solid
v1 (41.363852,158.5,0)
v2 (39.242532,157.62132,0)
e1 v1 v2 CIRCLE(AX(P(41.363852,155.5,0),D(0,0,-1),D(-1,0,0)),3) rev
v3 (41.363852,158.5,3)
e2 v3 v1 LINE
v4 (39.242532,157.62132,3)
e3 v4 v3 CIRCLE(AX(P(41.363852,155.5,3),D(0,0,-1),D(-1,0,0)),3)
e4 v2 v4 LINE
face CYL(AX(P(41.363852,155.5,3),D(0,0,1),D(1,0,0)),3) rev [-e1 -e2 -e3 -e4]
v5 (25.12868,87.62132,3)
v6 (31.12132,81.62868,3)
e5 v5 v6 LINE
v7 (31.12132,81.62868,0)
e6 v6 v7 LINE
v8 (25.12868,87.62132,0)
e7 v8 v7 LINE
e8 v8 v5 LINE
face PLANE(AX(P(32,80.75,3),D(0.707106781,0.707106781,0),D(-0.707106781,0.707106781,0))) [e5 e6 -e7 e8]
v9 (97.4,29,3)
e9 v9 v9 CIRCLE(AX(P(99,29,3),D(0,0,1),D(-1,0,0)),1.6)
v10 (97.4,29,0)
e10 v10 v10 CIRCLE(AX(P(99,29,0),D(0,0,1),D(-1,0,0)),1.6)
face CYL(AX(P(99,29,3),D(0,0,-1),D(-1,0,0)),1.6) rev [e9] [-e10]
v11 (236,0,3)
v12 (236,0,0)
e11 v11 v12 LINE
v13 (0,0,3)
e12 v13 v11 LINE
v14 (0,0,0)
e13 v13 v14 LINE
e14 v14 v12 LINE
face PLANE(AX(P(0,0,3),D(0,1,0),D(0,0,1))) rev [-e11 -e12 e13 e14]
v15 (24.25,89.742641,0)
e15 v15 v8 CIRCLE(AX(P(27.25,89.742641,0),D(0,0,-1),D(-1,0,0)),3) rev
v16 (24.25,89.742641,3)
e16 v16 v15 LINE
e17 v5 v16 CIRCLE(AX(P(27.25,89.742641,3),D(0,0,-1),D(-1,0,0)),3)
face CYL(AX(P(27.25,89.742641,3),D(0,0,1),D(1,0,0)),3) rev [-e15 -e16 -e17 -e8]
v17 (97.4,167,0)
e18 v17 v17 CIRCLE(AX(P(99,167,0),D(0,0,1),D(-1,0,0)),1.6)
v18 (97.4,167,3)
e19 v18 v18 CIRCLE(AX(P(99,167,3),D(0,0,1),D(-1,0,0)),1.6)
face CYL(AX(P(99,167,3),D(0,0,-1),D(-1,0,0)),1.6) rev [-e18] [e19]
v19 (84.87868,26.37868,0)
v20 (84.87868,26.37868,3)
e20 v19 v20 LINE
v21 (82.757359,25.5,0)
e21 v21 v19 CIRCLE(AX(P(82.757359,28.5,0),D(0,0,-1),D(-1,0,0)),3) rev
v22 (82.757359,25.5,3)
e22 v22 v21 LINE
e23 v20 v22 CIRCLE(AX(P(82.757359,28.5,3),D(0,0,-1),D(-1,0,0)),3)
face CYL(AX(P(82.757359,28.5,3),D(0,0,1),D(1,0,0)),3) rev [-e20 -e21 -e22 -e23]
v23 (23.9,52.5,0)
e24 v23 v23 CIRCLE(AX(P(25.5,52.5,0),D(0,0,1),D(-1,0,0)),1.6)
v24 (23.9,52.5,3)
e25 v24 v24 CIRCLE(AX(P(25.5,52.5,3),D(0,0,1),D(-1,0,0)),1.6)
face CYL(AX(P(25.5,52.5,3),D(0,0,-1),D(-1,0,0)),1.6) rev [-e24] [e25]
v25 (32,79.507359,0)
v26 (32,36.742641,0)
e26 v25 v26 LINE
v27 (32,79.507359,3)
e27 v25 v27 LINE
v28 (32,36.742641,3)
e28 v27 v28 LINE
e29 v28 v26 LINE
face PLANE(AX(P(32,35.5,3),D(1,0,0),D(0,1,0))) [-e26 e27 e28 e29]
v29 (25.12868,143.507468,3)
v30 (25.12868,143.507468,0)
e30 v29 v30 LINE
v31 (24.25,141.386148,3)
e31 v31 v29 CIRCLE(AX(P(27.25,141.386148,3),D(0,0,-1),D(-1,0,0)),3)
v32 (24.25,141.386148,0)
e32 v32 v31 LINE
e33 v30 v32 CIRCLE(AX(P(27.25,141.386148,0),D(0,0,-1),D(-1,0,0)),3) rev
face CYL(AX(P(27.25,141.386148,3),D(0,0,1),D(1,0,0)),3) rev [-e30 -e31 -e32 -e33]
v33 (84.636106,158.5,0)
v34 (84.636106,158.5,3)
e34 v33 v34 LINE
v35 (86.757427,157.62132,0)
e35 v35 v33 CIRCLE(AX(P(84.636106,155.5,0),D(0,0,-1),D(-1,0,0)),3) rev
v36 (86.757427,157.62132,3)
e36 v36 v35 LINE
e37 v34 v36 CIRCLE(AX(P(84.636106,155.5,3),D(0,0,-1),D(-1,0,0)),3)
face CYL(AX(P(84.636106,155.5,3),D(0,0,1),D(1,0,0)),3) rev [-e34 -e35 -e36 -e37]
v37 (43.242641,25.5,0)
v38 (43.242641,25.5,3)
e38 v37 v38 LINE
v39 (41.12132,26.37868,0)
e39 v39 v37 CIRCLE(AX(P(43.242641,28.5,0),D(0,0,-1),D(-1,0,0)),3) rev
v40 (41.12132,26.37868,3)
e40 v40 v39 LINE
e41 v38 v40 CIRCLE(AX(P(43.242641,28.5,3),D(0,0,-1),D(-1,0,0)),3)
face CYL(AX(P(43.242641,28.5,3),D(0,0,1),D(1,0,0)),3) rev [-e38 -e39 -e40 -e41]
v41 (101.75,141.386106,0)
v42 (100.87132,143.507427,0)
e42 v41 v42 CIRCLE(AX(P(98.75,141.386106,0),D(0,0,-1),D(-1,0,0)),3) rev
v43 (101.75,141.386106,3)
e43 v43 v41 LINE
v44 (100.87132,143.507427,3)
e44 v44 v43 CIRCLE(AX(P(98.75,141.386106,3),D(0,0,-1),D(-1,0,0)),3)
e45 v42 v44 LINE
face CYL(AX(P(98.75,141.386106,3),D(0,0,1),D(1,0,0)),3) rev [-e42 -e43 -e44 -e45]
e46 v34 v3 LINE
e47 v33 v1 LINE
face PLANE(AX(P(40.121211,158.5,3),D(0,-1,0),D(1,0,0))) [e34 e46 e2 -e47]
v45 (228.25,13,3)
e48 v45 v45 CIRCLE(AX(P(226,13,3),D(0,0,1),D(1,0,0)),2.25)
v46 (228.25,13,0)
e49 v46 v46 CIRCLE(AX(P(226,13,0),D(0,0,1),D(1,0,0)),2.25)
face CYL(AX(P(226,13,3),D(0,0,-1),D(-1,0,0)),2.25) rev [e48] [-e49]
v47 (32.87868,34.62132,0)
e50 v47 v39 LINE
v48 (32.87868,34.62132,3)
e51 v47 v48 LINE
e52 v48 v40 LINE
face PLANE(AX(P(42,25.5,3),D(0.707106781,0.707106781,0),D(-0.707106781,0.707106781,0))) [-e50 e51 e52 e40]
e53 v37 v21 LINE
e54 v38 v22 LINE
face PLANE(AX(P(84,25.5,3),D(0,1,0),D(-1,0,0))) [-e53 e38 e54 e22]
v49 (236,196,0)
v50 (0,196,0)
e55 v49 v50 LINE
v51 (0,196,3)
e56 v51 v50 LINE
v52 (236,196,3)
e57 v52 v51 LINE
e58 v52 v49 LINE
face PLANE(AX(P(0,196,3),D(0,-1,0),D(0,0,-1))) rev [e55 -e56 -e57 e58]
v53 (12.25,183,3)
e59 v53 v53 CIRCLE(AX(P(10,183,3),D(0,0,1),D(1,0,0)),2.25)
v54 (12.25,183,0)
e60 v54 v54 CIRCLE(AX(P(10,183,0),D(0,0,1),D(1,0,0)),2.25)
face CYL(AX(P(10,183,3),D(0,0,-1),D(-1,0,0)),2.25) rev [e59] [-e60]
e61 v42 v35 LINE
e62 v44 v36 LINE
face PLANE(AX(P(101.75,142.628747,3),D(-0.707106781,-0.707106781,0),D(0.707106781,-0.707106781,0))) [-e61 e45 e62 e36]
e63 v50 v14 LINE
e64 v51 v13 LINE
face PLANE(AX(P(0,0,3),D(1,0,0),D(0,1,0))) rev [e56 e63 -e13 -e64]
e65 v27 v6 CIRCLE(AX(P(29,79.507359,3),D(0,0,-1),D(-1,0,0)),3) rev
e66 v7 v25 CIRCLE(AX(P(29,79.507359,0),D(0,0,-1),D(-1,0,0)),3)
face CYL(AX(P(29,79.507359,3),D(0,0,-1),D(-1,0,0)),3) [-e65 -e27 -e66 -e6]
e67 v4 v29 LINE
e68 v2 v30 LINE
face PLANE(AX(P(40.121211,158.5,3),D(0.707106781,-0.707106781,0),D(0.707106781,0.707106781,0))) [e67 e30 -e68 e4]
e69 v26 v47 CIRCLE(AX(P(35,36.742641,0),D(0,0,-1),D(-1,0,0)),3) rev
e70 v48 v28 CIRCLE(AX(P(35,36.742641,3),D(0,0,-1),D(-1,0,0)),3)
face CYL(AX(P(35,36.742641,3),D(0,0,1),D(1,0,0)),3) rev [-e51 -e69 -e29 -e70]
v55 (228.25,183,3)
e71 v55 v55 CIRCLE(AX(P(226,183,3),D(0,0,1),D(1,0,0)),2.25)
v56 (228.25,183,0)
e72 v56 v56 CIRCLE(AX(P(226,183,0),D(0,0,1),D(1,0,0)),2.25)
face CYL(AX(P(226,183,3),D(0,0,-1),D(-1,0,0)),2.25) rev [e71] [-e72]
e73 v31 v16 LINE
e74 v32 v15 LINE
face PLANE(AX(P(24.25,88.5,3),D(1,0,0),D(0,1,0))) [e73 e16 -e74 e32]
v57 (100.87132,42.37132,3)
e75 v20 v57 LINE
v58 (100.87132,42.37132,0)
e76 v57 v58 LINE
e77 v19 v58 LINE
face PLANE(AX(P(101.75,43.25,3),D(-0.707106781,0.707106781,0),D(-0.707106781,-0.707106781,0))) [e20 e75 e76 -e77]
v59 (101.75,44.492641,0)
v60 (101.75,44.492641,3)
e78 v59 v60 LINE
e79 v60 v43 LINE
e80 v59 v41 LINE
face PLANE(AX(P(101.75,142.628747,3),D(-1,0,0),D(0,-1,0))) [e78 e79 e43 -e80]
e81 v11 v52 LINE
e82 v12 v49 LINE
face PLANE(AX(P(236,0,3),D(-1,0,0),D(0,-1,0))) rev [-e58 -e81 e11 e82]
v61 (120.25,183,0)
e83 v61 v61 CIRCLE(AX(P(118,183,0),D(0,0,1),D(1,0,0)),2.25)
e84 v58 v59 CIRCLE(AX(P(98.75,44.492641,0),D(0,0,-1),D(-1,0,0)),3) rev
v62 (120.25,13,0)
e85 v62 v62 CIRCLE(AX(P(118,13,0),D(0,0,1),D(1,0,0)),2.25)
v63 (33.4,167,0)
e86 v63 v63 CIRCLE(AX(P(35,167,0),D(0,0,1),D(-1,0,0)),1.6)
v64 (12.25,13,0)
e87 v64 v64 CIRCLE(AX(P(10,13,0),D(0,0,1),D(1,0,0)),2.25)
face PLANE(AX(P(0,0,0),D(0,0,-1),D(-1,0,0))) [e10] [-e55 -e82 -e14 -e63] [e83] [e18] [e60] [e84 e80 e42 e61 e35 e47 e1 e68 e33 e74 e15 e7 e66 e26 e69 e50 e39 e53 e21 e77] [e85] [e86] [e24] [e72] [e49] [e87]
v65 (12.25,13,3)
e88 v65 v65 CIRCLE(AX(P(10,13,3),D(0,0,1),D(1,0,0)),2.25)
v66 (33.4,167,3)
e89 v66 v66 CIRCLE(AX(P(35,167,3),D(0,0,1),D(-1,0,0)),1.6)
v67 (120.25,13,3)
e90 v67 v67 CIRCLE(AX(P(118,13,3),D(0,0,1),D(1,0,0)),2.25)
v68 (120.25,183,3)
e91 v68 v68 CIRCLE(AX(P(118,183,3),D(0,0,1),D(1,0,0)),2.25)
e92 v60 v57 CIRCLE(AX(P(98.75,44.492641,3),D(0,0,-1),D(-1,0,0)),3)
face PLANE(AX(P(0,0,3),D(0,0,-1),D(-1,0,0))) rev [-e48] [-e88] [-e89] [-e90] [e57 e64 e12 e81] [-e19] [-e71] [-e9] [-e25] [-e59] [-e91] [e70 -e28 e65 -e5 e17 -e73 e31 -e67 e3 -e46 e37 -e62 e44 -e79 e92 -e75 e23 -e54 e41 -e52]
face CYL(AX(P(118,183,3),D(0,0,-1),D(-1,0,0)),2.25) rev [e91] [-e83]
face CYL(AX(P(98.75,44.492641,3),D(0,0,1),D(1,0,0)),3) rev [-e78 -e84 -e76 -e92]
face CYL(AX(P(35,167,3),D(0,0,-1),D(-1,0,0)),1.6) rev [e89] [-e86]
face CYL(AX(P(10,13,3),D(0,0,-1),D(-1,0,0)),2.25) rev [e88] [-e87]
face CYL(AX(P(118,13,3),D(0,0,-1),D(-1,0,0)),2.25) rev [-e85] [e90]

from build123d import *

# Parameters (mm, degrees)
SKETCH_1_W          = 236
SKETCH_1_H          = 196
SKETCH_1_R          = 2.25
EXTRUDE_1_DEPTH     = 3
SKETCH_2_R          = 1.6
CUT_EXTRUDE_2_DEPTH = 4
FILLET_1_R          = 3


with BuildPart() as part:
    # Эскиз1 → Бобышка-Вытянуть1 (new body)
    with BuildSketch(Plane.XY):
        with Locations((118, 98)):
            Rectangle(SKETCH_1_W, SKETCH_1_H)
        with Locations((10, 183)):
            Circle(SKETCH_1_R, mode=Mode.SUBTRACT)
        with Locations((10, 13)):
            Circle(SKETCH_1_R, mode=Mode.SUBTRACT)
        with Locations((226, 183)):
            Circle(SKETCH_1_R, mode=Mode.SUBTRACT)
        with Locations((226, 13)):
            Circle(SKETCH_1_R, mode=Mode.SUBTRACT)
        with Locations((118, 183)):
            Circle(SKETCH_1_R, mode=Mode.SUBTRACT)
        with Locations((118, 13)):
            Circle(SKETCH_1_R, mode=Mode.SUBTRACT)
    extrude(amount=EXTRUDE_1_DEPTH)

    # Эскиз2 → Вырез-Вытянуть2 (cut, through all)
    with BuildSketch(Plane.XY):
        with Locations((25.5, 52.5)):
            Circle(SKETCH_2_R)
        with Locations((99, 29)):
            Circle(SKETCH_2_R)
        with Locations((35, 167)):
            Circle(SKETCH_2_R)
        with Locations((99, 167)):
            Circle(SKETCH_2_R)
        Polygon((101.75, 142.628747105), (85.878747105, 158.5), (40.121211423, 158.5), (24.25, 142.628788577), (24.25, 88.5), (32, 80.75), (32, 35.5), (42, 25.5), (84, 25.5), (101.75, 43.25), align=None)
    extrude(amount=CUT_EXTRUDE_2_DEPTH, mode=Mode.SUBTRACT)

    # Скругление1
    fillet_1_edges = [part.edges().sort_by_distance(p)[0] for p in [
        (40.121211423, 158.5, 1.5),
        (24.25, 142.628788577, 1.5),
        (24.25, 88.5, 1.5),
        (32, 80.75, 1.5),
        (32, 35.5, 1.5),
        (42, 25.5, 1.5),
        (84, 25.5, 1.5),
        (101.75, 43.25, 1.5),
        (101.75, 142.628747105, 1.5),
        (85.878747105, 158.5, 1.5),
    ]]
    fillet(fillet_1_edges, radius=FILLET_1_R)


solid = part.part
